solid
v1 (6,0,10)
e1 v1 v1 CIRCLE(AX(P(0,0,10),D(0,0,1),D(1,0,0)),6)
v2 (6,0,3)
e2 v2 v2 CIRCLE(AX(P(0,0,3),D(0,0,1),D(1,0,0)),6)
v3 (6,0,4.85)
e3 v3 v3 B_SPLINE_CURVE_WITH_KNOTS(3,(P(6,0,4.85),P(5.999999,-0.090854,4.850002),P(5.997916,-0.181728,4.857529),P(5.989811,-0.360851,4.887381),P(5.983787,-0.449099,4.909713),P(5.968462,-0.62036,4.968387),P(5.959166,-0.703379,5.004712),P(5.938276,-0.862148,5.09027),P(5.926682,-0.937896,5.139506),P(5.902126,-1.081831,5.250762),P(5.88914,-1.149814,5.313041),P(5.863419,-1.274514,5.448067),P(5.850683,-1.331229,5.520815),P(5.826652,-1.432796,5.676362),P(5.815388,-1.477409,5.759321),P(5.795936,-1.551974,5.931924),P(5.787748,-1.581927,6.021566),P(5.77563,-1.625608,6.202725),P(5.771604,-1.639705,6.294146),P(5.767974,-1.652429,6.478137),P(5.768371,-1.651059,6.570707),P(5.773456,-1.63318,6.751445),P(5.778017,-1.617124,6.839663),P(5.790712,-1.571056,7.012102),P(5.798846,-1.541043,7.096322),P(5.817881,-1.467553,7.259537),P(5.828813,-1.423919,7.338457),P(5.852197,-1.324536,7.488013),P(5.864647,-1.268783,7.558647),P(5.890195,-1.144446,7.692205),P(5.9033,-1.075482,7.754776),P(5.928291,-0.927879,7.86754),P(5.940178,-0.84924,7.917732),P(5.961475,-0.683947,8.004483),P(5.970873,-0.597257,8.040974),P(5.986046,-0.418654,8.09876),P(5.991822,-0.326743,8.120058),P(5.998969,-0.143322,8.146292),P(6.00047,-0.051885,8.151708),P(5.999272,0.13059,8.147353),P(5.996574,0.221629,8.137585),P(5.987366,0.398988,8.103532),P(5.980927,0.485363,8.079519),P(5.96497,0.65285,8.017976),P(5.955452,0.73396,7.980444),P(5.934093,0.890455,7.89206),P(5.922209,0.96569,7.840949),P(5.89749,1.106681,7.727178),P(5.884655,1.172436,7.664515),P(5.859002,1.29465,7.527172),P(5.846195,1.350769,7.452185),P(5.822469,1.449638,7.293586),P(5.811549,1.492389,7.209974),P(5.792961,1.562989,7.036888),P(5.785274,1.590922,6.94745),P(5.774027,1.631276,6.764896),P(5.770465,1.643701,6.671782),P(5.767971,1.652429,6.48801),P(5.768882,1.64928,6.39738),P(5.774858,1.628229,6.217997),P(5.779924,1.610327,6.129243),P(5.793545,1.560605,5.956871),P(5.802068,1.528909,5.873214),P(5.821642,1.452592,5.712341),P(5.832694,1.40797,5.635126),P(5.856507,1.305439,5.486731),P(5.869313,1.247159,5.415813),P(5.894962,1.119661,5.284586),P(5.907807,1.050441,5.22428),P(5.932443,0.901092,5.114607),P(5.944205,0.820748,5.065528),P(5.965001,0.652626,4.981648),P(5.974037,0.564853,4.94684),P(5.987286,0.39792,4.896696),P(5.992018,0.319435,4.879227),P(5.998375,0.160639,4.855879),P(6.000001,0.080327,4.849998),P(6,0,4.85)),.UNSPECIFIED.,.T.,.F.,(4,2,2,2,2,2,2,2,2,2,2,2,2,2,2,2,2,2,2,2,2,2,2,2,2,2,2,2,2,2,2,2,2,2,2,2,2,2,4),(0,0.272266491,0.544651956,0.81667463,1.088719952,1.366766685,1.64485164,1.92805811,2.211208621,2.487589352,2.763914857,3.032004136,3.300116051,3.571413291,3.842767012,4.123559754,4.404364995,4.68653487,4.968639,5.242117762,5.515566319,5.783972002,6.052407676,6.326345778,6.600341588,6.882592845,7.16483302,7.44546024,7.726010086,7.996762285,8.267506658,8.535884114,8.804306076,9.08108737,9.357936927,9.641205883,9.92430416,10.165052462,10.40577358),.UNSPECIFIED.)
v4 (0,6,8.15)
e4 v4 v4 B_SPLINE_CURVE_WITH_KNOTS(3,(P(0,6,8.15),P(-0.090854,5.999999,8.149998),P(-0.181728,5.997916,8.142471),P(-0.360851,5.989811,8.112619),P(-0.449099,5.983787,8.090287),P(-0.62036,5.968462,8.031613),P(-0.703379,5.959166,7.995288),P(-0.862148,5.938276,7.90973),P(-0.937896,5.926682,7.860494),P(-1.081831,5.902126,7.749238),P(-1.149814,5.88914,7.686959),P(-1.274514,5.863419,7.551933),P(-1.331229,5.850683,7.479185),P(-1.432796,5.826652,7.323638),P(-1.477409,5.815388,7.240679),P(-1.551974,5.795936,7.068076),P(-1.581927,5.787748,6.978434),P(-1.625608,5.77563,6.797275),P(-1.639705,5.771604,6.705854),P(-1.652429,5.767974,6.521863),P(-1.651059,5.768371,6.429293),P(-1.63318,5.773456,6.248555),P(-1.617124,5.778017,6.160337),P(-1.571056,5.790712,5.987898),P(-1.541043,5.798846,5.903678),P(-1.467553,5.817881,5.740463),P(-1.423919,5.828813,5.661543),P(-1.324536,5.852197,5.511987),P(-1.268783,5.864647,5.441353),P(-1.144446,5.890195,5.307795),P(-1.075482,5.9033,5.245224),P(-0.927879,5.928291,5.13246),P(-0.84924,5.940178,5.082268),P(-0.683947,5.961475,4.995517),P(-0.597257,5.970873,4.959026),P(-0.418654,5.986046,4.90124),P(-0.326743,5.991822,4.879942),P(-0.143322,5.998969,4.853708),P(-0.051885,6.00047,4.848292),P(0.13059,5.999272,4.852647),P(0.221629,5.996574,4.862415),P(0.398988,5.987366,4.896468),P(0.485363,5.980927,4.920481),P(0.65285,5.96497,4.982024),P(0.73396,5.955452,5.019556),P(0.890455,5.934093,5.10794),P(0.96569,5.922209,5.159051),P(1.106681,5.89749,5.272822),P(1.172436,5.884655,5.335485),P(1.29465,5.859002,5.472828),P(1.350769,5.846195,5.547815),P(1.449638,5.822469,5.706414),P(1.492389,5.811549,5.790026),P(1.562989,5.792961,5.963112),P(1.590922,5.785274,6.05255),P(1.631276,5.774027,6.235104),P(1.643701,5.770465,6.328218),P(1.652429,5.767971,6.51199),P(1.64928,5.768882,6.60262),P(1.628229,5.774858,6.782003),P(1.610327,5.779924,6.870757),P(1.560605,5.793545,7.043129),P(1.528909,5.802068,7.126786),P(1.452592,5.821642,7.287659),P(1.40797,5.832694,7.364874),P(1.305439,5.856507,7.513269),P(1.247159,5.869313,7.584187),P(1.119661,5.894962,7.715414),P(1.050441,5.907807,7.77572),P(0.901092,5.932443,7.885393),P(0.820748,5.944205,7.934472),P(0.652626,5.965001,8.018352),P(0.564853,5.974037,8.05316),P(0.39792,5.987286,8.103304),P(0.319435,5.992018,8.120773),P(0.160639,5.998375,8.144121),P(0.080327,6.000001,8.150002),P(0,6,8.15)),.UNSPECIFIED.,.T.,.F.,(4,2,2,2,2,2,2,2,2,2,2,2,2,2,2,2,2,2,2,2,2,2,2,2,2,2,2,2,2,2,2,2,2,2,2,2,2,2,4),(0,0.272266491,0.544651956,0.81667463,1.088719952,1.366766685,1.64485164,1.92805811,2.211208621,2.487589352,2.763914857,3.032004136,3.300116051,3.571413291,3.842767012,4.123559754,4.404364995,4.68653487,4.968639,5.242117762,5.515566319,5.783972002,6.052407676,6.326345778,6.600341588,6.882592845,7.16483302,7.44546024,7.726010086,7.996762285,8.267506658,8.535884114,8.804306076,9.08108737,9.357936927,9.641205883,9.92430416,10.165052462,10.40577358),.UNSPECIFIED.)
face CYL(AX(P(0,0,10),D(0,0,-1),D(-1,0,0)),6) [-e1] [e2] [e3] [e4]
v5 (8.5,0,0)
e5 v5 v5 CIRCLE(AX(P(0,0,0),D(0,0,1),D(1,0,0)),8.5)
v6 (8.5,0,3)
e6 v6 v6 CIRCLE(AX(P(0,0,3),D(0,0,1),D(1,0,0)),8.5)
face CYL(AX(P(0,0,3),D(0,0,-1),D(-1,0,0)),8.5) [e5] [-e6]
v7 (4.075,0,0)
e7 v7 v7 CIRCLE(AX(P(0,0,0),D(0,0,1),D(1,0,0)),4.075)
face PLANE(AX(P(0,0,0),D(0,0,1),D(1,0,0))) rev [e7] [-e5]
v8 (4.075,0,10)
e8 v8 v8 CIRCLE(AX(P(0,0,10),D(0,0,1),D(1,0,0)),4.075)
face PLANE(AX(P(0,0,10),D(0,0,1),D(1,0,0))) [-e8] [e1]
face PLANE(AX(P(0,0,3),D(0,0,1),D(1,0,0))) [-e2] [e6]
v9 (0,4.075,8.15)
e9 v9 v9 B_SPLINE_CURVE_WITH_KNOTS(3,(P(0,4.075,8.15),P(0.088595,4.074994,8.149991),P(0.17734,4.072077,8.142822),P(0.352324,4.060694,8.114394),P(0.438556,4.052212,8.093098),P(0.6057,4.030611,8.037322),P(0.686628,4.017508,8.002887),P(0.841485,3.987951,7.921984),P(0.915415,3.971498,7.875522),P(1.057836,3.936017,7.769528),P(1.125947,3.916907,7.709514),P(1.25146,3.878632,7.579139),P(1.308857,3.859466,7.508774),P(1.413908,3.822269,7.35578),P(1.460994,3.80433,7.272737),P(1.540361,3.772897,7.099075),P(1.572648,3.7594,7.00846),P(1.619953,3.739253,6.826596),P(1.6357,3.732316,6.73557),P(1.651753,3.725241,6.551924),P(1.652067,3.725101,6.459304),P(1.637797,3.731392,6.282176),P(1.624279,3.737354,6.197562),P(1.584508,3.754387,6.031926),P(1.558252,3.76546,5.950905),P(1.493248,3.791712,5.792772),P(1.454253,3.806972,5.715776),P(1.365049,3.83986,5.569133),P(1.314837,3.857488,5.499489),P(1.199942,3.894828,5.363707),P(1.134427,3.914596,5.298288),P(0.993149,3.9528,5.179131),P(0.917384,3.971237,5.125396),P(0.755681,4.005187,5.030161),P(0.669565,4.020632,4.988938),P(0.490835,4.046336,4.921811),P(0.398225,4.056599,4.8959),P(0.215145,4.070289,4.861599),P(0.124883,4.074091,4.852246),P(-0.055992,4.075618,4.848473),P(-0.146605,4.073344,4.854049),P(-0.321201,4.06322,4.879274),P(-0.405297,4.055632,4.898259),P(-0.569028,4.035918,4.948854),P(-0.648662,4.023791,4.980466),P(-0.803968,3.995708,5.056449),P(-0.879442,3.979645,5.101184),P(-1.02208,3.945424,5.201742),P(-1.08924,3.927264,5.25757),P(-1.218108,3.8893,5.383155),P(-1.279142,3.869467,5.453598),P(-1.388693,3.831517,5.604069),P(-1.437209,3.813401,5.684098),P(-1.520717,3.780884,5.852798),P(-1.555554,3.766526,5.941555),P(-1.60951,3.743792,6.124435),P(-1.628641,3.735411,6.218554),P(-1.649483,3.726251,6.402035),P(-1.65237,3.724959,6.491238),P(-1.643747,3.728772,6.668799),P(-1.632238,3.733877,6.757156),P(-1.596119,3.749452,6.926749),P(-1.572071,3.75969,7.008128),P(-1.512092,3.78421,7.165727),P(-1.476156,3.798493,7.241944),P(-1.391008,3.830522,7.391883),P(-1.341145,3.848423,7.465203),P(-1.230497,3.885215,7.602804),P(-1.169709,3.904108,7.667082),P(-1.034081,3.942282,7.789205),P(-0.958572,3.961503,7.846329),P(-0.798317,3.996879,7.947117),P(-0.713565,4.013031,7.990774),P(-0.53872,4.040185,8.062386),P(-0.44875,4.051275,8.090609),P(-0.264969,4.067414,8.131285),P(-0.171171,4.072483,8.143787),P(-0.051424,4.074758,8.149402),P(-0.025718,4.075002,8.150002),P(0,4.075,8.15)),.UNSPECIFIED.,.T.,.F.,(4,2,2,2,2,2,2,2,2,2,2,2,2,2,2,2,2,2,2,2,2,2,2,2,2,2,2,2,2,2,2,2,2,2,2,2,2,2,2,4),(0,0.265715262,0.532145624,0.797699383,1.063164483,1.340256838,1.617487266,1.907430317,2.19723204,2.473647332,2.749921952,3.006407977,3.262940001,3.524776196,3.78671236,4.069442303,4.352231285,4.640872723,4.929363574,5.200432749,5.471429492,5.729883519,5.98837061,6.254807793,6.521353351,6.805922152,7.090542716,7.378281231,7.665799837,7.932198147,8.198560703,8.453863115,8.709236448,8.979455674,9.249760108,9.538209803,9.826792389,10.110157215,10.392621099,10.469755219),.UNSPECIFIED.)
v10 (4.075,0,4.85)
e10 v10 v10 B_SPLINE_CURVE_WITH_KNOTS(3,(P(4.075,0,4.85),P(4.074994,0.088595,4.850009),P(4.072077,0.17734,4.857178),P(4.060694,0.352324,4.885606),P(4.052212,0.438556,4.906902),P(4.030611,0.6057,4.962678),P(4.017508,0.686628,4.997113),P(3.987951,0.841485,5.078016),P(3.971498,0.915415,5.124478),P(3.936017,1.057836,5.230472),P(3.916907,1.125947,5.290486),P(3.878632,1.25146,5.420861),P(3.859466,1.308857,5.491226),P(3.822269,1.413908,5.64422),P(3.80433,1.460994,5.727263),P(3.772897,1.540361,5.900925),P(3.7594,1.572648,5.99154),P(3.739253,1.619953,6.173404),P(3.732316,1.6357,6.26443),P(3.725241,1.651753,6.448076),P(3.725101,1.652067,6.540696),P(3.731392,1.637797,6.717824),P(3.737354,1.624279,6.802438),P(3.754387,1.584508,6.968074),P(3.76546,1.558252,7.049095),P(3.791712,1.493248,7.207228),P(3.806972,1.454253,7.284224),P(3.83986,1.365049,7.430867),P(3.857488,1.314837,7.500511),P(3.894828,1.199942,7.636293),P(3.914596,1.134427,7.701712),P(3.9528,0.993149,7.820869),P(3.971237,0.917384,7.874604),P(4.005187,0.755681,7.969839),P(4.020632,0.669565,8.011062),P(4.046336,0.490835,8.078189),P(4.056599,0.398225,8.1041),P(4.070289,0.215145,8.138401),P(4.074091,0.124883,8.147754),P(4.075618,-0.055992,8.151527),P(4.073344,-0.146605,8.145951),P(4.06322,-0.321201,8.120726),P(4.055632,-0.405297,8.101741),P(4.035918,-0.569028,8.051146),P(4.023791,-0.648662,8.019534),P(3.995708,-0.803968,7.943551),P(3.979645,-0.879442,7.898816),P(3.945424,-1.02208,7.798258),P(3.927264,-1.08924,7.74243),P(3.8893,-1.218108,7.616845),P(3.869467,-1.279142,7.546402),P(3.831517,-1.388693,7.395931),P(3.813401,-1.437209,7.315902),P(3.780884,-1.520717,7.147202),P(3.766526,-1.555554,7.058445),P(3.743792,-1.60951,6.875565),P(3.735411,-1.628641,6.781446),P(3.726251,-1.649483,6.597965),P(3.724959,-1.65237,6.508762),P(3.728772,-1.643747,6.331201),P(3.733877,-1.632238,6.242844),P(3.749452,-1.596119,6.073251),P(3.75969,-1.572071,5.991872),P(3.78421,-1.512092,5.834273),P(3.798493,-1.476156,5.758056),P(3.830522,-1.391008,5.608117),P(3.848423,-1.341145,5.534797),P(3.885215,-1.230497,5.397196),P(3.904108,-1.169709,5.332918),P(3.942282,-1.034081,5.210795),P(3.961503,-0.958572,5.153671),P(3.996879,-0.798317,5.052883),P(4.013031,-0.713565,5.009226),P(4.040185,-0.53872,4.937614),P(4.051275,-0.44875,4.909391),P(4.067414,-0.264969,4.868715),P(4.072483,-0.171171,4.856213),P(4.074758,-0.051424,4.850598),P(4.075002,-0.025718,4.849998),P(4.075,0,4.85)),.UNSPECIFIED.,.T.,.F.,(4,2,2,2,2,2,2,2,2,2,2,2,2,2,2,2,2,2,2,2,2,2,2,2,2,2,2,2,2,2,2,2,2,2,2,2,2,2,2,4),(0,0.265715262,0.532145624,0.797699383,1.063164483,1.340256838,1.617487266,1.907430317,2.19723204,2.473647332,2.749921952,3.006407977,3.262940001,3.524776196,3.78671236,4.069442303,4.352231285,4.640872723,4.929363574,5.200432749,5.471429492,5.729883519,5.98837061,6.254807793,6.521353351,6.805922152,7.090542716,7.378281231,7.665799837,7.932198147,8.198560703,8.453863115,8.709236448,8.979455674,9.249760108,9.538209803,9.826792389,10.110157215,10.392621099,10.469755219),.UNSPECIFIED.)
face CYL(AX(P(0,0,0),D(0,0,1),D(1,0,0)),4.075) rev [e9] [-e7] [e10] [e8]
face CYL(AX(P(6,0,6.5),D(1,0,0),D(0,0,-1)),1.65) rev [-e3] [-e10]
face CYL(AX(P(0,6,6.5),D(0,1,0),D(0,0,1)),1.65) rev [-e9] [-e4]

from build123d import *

# Parameters (mm, degrees)
SKETCH_2_R                       = 8.5
EXTRUDE_2_DEPTH                  = 3
SKETCH_3_R                       = 6
EXTRUDE_3_DEPTH                  = 7
SKETCH_4_R                       = 4.075
CUT_EXTRUDE_1_DEPTH              = 16.636495771
HOLE_WIZARD_M4_3_REACH           = 20.021
HOLE_WIZARD_M4_3_BORE_R          = 1.65
HOLE_WIZARD_M4_3_ON_FACE_2_REACH = 20.021
HOLE_WIZARD_M4_3_BORE_2_R        = 1.65


with BuildPart() as part:
    # 스케치2 → 보스-돌출2 (new body)
    with BuildSketch(Plane.XY):
        Circle(SKETCH_2_R)
    extrude(amount=EXTRUDE_2_DEPTH)

    # 스케치3 → 보스-돌출3 (add)
    with BuildSketch(Plane.XY.offset(3)):
        Circle(SKETCH_3_R)
    extrude(amount=EXTRUDE_3_DEPTH)

    # 스케치4 → 컷-돌출1 (cut, through all)
    with BuildSketch(Plane.XY.offset(10)):
        Circle(SKETCH_4_R)
    extrude(amount=-CUT_EXTRUDE_1_DEPTH, mode=Mode.SUBTRACT)

    # M4 나사 구멍3 bore (on position points) → M4 나사 구멍3 (cut, up to next)
    with BuildSketch(Plane(origin=(0, 6, 6.5), x_dir=(1, 0, 0), z_dir=(0, 1, 0)), mode=Mode.PRIVATE) as hole_wizard_m4_3_sk1:
        Circle(HOLE_WIZARD_M4_3_BORE_R)
    hole_wizard_m4_3_tool1 = extrude(hole_wizard_m4_3_sk1.sketch, amount=-HOLE_WIZARD_M4_3_REACH, mode=Mode.PRIVATE) & part.part
    add(hole_wizard_m4_3_tool1.solids().sort_by_distance((0, 6, 6.5))[0], mode=Mode.SUBTRACT)

    # M4 나사 구멍3 bore 2 (on position points) → M4 나사 구멍3 on face 2 (cut, up to next)
    with BuildSketch(Plane(origin=(6, 0, 6.5), x_dir=(0, 0, 1), z_dir=(1, 0, 0)), mode=Mode.PRIVATE) as hole_wizard_m4_3_on_face_2_sk1:
        Circle(HOLE_WIZARD_M4_3_BORE_2_R)
    hole_wizard_m4_3_on_face_2_tool1 = extrude(hole_wizard_m4_3_on_face_2_sk1.sketch, amount=-HOLE_WIZARD_M4_3_ON_FACE_2_REACH, mode=Mode.PRIVATE) & part.part
    add(hole_wizard_m4_3_on_face_2_tool1.solids().sort_by_distance((6, 0, 6.5))[0], mode=Mode.SUBTRACT)


solid = part.part
